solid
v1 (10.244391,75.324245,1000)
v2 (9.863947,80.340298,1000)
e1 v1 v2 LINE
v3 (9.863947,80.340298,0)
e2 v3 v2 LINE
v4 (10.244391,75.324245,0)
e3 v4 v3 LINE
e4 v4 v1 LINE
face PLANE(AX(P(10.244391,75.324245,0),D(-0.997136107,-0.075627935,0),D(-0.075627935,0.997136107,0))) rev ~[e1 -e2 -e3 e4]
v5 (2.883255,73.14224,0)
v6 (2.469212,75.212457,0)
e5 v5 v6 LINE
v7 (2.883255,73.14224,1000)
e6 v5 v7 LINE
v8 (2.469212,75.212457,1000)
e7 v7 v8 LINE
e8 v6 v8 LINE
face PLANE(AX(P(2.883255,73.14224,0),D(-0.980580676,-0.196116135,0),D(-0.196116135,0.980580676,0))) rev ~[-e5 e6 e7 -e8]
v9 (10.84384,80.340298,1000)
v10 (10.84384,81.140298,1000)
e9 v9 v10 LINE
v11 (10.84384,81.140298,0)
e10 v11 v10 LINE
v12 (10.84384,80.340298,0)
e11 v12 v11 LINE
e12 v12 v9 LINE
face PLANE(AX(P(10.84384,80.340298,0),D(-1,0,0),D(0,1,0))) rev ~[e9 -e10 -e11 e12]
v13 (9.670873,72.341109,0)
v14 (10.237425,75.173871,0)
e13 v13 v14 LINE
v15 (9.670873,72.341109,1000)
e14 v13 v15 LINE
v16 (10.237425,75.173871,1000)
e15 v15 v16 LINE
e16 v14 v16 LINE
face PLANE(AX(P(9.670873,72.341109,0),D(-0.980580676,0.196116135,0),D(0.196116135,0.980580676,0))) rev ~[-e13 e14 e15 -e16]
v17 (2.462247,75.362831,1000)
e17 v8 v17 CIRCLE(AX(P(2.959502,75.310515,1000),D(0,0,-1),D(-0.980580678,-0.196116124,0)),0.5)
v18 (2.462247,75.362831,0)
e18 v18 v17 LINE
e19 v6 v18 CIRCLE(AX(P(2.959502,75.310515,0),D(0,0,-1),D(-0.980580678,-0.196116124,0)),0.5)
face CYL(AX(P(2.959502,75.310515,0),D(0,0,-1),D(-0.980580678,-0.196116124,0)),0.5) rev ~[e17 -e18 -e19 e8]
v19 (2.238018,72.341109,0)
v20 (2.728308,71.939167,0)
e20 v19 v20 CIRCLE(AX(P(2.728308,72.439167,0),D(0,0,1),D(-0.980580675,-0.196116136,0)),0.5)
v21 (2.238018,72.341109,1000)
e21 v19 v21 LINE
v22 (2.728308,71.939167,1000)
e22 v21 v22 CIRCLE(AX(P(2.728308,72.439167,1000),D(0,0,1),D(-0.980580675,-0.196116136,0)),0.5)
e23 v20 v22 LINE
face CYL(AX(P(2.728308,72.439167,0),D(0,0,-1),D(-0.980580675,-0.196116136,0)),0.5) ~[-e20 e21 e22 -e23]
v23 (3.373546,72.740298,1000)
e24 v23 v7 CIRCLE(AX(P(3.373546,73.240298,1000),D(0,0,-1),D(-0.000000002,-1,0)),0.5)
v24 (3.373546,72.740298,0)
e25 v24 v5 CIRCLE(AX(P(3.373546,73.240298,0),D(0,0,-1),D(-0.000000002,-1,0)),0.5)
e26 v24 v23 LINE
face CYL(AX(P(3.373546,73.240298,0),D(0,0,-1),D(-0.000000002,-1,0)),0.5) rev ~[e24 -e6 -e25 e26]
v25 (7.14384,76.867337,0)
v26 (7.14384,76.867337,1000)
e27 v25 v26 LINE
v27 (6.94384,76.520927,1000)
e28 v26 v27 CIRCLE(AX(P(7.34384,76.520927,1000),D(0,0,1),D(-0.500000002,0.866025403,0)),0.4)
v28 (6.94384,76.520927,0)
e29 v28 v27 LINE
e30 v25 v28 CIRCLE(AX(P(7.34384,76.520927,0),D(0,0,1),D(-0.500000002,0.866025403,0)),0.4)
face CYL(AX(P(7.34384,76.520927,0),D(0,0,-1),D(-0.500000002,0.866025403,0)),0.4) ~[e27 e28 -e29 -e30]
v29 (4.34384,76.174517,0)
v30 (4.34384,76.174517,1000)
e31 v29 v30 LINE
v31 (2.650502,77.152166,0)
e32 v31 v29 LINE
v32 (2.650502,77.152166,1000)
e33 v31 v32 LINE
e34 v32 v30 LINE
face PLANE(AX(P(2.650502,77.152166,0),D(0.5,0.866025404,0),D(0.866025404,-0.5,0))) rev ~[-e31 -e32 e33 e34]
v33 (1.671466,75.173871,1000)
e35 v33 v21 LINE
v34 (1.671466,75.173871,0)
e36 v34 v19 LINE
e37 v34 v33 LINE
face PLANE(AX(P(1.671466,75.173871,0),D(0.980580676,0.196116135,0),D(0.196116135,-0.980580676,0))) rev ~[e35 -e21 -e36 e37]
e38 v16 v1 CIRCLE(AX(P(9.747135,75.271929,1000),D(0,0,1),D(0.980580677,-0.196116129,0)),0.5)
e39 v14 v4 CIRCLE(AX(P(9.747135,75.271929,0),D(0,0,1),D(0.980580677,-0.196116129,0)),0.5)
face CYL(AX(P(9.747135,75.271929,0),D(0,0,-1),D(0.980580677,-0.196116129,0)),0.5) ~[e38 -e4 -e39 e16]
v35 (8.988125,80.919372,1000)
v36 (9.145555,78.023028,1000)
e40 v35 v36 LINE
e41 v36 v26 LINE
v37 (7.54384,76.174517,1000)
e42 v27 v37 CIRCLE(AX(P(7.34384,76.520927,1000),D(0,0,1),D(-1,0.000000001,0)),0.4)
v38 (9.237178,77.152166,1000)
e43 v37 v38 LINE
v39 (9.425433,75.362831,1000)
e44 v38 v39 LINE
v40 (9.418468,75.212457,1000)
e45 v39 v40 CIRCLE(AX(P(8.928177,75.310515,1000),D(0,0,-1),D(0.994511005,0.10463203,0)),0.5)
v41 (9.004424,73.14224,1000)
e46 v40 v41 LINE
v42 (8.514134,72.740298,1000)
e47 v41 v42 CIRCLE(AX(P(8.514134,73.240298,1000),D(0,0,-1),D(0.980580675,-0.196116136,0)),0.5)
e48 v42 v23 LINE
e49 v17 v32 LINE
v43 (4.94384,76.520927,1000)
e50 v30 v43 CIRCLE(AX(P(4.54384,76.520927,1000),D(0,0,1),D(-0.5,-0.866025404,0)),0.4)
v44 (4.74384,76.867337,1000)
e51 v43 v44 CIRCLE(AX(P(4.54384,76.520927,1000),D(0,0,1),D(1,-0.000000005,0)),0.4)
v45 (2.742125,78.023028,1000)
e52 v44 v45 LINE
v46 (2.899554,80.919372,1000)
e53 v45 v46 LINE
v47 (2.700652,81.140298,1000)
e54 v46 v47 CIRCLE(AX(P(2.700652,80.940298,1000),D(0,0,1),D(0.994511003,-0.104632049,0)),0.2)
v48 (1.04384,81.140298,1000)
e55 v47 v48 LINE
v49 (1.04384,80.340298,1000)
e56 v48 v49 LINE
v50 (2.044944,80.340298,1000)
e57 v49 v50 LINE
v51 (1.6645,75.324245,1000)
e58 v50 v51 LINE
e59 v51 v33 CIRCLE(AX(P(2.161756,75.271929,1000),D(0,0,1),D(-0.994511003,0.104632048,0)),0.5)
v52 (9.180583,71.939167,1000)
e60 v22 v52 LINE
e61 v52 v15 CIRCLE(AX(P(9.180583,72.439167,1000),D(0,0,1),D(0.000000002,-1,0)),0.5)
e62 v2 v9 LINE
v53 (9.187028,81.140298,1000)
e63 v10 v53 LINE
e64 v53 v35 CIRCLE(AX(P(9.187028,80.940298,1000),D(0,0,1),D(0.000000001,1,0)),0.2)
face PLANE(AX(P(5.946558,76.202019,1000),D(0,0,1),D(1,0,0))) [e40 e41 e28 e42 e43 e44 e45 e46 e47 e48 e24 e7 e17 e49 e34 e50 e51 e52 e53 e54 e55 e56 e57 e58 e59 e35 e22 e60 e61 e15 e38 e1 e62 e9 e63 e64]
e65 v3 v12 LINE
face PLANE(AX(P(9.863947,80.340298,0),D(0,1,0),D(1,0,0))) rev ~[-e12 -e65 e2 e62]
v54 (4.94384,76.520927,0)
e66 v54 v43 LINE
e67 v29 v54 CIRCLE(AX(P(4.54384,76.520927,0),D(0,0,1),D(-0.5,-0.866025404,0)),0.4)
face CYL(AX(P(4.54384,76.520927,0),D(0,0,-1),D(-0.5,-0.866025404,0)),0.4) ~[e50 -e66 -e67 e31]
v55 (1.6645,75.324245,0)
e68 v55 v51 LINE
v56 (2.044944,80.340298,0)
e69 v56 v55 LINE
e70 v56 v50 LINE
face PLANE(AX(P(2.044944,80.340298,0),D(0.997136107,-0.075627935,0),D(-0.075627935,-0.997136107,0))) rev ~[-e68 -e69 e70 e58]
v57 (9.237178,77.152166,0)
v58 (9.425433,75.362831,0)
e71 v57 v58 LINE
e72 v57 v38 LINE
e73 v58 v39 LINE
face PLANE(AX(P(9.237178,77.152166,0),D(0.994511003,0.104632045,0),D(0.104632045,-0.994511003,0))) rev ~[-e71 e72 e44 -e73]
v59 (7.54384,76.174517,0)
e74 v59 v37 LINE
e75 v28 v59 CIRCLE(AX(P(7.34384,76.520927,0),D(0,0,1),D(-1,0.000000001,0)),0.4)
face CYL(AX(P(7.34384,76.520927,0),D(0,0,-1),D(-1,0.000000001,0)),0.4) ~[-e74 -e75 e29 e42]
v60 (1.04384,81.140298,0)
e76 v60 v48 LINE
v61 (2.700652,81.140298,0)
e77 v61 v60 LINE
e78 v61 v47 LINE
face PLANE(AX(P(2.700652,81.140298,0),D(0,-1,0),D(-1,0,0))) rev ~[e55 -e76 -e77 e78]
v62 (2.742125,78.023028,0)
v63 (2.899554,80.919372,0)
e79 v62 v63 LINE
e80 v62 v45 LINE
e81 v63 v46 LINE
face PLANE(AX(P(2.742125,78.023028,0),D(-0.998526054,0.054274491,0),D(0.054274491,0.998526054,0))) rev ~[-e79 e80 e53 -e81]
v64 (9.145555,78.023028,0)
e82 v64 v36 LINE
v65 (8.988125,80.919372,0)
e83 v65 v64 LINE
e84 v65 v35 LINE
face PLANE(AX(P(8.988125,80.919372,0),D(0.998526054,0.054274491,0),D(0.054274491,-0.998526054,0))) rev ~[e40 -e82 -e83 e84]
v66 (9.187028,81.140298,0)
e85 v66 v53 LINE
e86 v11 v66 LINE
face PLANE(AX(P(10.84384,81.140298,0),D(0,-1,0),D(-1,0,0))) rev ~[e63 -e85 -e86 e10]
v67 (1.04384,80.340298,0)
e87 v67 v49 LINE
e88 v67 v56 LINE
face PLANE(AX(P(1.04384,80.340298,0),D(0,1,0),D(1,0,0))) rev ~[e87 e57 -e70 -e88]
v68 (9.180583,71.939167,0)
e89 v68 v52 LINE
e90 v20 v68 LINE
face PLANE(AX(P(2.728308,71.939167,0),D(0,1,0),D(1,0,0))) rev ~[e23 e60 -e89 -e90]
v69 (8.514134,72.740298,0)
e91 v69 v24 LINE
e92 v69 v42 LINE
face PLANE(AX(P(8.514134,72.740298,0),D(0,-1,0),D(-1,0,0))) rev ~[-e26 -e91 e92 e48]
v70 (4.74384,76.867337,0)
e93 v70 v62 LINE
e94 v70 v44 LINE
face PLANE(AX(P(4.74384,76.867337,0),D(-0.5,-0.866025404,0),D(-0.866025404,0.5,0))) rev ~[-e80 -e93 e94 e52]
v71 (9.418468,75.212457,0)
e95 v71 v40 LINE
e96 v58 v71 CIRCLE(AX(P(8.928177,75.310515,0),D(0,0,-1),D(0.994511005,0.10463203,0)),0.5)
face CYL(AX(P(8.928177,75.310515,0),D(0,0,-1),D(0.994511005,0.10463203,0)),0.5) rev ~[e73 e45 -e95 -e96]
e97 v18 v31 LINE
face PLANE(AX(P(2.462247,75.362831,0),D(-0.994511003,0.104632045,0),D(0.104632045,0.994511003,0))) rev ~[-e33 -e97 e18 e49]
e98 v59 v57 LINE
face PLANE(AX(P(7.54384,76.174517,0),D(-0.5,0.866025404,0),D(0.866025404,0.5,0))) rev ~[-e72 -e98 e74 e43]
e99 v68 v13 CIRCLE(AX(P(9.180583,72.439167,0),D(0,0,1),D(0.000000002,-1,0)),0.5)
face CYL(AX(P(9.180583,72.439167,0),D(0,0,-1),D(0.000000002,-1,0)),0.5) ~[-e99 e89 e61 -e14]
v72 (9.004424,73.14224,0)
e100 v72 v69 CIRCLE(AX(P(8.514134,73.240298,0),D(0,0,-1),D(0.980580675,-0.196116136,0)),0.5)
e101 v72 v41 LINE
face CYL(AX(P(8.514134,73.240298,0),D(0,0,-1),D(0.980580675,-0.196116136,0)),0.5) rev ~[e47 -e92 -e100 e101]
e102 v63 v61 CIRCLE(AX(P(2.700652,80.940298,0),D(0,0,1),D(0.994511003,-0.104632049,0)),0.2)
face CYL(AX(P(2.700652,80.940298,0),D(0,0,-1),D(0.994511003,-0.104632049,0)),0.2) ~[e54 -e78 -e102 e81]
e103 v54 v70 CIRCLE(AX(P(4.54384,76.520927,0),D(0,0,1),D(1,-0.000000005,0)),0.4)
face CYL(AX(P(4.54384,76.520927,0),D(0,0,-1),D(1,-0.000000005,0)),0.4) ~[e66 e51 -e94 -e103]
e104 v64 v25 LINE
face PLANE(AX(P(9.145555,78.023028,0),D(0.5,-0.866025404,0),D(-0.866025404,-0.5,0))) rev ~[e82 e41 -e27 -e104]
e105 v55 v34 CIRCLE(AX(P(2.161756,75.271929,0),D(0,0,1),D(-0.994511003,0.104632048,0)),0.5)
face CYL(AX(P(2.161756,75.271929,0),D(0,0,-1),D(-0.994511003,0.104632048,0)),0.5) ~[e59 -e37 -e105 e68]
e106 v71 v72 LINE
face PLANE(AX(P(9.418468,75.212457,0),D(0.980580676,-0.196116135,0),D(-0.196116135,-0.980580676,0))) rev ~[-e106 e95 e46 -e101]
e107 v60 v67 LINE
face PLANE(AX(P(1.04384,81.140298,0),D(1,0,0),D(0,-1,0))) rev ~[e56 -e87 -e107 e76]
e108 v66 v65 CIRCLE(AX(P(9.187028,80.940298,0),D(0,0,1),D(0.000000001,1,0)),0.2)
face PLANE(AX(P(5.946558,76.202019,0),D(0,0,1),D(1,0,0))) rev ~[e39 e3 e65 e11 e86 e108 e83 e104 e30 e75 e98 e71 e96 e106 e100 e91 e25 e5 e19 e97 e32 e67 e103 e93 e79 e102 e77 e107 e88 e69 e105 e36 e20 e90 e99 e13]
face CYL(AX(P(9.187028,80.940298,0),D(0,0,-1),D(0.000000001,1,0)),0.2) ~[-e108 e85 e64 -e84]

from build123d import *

# Parameters (mm, degrees)
EXTRUDE_1_DEPTH = 1000


with BuildPart() as part:
    # 草图1 → 拉伸1 (new body)
    with BuildSketch(Plane.XY):
        with BuildLine():
            Line((1.043839833, 81.14029792), (1.043839833, 80.34029792))
            Line((1.043839833, 80.34029792), (2.044943692, 80.34029792))
            Line((2.044943692, 80.34029792), (1.664500386, 75.324244599))
            ThreePointArc((1.664500386, 75.324244599), (1.662291386, 75.248793926), (1.671465549, 75.173870508))
            Line((1.671465549, 75.173870508), (2.238017918, 72.341108665))
            ThreePointArc((2.238017918, 72.341108665), (2.411313803, 72.052495662), (2.728308256, 71.939166732))
            Line((2.728308256, 71.939166732), (9.180582792, 71.939166732))
            ThreePointArc((9.180582792, 71.939166732), (9.497577245, 72.052495662), (9.67087313, 72.341108665))
            Line((9.67087313, 72.341108665), (10.237425499, 75.173870508))
            ThreePointArc((10.237425499, 75.173870508), (10.246599662, 75.248793926), (10.244390662, 75.324244599))
            Line((10.244390662, 75.324244599), (9.863947356, 80.34029792))
            Line((9.863947356, 80.34029792), (10.843839833, 80.34029792))
            Line((10.843839833, 80.34029792), (10.843839833, 81.14029792))
            Line((10.843839833, 81.14029792), (9.187027507, 81.14029792))
            ThreePointArc((9.187027507, 81.14029792), (9.038391573, 81.074116301), (8.988125307, 80.919371511))
            Line((8.988125307, 80.919371511), (9.145554921, 78.023027985))
            Line((9.145554921, 78.023027985), (7.143839833, 76.86733724))
            ThreePointArc((7.143839833, 76.86733724), (6.997429672, 76.720927079), (6.943839833, 76.520927079))
            ThreePointArc((6.943839833, 76.520927079), (7.143839833, 76.174516917), (7.543839833, 76.174516917))
            Line((7.543839833, 76.174516917), (9.237177898, 77.152166105))
            Line((9.237177898, 77.152166105), (9.425432977, 75.362831424))
            ThreePointArc((9.425432977, 75.362831424), (9.427641976, 75.287380751), (9.418467813, 75.212457334))
            Line((9.418467813, 75.212457334), (9.004424317, 73.142239853))
            ThreePointArc((9.004424317, 73.142239853), (8.831128432, 72.85362685), (8.514133979, 72.74029792))
            Line((8.514133979, 72.74029792), (3.373545687, 72.74029792))
            ThreePointArc((3.373545687, 72.74029792), (3.056551234, 72.85362685), (2.883255349, 73.142239853))
            Line((2.883255349, 73.142239853), (2.469211853, 75.212457334))
            ThreePointArc((2.469211853, 75.212457334), (2.46003769, 75.287380751), (2.462246689, 75.362831424))
            Line((2.462246689, 75.362831424), (2.650501768, 77.152166105))
            Line((2.650501768, 77.152166105), (4.343839833, 76.174516917))
            ThreePointArc((4.343839833, 76.174516917), (4.743839833, 76.174516917), (4.943839833, 76.520927079))
            ThreePointArc((4.943839833, 76.520927079), (4.890249995, 76.720927079), (4.743839833, 76.86733724))
            Line((4.743839833, 76.86733724), (2.742124745, 78.023027985))
            Line((2.742124745, 78.023027985), (2.899554359, 80.919371511))
            ThreePointArc((2.899554359, 80.919371511), (2.849288093, 81.074116301), (2.700652159, 81.14029792))
            Line((2.700652159, 81.14029792), (1.043839833, 81.14029792))
        make_face()
    extrude(amount=EXTRUDE_1_DEPTH)


solid = part.part
